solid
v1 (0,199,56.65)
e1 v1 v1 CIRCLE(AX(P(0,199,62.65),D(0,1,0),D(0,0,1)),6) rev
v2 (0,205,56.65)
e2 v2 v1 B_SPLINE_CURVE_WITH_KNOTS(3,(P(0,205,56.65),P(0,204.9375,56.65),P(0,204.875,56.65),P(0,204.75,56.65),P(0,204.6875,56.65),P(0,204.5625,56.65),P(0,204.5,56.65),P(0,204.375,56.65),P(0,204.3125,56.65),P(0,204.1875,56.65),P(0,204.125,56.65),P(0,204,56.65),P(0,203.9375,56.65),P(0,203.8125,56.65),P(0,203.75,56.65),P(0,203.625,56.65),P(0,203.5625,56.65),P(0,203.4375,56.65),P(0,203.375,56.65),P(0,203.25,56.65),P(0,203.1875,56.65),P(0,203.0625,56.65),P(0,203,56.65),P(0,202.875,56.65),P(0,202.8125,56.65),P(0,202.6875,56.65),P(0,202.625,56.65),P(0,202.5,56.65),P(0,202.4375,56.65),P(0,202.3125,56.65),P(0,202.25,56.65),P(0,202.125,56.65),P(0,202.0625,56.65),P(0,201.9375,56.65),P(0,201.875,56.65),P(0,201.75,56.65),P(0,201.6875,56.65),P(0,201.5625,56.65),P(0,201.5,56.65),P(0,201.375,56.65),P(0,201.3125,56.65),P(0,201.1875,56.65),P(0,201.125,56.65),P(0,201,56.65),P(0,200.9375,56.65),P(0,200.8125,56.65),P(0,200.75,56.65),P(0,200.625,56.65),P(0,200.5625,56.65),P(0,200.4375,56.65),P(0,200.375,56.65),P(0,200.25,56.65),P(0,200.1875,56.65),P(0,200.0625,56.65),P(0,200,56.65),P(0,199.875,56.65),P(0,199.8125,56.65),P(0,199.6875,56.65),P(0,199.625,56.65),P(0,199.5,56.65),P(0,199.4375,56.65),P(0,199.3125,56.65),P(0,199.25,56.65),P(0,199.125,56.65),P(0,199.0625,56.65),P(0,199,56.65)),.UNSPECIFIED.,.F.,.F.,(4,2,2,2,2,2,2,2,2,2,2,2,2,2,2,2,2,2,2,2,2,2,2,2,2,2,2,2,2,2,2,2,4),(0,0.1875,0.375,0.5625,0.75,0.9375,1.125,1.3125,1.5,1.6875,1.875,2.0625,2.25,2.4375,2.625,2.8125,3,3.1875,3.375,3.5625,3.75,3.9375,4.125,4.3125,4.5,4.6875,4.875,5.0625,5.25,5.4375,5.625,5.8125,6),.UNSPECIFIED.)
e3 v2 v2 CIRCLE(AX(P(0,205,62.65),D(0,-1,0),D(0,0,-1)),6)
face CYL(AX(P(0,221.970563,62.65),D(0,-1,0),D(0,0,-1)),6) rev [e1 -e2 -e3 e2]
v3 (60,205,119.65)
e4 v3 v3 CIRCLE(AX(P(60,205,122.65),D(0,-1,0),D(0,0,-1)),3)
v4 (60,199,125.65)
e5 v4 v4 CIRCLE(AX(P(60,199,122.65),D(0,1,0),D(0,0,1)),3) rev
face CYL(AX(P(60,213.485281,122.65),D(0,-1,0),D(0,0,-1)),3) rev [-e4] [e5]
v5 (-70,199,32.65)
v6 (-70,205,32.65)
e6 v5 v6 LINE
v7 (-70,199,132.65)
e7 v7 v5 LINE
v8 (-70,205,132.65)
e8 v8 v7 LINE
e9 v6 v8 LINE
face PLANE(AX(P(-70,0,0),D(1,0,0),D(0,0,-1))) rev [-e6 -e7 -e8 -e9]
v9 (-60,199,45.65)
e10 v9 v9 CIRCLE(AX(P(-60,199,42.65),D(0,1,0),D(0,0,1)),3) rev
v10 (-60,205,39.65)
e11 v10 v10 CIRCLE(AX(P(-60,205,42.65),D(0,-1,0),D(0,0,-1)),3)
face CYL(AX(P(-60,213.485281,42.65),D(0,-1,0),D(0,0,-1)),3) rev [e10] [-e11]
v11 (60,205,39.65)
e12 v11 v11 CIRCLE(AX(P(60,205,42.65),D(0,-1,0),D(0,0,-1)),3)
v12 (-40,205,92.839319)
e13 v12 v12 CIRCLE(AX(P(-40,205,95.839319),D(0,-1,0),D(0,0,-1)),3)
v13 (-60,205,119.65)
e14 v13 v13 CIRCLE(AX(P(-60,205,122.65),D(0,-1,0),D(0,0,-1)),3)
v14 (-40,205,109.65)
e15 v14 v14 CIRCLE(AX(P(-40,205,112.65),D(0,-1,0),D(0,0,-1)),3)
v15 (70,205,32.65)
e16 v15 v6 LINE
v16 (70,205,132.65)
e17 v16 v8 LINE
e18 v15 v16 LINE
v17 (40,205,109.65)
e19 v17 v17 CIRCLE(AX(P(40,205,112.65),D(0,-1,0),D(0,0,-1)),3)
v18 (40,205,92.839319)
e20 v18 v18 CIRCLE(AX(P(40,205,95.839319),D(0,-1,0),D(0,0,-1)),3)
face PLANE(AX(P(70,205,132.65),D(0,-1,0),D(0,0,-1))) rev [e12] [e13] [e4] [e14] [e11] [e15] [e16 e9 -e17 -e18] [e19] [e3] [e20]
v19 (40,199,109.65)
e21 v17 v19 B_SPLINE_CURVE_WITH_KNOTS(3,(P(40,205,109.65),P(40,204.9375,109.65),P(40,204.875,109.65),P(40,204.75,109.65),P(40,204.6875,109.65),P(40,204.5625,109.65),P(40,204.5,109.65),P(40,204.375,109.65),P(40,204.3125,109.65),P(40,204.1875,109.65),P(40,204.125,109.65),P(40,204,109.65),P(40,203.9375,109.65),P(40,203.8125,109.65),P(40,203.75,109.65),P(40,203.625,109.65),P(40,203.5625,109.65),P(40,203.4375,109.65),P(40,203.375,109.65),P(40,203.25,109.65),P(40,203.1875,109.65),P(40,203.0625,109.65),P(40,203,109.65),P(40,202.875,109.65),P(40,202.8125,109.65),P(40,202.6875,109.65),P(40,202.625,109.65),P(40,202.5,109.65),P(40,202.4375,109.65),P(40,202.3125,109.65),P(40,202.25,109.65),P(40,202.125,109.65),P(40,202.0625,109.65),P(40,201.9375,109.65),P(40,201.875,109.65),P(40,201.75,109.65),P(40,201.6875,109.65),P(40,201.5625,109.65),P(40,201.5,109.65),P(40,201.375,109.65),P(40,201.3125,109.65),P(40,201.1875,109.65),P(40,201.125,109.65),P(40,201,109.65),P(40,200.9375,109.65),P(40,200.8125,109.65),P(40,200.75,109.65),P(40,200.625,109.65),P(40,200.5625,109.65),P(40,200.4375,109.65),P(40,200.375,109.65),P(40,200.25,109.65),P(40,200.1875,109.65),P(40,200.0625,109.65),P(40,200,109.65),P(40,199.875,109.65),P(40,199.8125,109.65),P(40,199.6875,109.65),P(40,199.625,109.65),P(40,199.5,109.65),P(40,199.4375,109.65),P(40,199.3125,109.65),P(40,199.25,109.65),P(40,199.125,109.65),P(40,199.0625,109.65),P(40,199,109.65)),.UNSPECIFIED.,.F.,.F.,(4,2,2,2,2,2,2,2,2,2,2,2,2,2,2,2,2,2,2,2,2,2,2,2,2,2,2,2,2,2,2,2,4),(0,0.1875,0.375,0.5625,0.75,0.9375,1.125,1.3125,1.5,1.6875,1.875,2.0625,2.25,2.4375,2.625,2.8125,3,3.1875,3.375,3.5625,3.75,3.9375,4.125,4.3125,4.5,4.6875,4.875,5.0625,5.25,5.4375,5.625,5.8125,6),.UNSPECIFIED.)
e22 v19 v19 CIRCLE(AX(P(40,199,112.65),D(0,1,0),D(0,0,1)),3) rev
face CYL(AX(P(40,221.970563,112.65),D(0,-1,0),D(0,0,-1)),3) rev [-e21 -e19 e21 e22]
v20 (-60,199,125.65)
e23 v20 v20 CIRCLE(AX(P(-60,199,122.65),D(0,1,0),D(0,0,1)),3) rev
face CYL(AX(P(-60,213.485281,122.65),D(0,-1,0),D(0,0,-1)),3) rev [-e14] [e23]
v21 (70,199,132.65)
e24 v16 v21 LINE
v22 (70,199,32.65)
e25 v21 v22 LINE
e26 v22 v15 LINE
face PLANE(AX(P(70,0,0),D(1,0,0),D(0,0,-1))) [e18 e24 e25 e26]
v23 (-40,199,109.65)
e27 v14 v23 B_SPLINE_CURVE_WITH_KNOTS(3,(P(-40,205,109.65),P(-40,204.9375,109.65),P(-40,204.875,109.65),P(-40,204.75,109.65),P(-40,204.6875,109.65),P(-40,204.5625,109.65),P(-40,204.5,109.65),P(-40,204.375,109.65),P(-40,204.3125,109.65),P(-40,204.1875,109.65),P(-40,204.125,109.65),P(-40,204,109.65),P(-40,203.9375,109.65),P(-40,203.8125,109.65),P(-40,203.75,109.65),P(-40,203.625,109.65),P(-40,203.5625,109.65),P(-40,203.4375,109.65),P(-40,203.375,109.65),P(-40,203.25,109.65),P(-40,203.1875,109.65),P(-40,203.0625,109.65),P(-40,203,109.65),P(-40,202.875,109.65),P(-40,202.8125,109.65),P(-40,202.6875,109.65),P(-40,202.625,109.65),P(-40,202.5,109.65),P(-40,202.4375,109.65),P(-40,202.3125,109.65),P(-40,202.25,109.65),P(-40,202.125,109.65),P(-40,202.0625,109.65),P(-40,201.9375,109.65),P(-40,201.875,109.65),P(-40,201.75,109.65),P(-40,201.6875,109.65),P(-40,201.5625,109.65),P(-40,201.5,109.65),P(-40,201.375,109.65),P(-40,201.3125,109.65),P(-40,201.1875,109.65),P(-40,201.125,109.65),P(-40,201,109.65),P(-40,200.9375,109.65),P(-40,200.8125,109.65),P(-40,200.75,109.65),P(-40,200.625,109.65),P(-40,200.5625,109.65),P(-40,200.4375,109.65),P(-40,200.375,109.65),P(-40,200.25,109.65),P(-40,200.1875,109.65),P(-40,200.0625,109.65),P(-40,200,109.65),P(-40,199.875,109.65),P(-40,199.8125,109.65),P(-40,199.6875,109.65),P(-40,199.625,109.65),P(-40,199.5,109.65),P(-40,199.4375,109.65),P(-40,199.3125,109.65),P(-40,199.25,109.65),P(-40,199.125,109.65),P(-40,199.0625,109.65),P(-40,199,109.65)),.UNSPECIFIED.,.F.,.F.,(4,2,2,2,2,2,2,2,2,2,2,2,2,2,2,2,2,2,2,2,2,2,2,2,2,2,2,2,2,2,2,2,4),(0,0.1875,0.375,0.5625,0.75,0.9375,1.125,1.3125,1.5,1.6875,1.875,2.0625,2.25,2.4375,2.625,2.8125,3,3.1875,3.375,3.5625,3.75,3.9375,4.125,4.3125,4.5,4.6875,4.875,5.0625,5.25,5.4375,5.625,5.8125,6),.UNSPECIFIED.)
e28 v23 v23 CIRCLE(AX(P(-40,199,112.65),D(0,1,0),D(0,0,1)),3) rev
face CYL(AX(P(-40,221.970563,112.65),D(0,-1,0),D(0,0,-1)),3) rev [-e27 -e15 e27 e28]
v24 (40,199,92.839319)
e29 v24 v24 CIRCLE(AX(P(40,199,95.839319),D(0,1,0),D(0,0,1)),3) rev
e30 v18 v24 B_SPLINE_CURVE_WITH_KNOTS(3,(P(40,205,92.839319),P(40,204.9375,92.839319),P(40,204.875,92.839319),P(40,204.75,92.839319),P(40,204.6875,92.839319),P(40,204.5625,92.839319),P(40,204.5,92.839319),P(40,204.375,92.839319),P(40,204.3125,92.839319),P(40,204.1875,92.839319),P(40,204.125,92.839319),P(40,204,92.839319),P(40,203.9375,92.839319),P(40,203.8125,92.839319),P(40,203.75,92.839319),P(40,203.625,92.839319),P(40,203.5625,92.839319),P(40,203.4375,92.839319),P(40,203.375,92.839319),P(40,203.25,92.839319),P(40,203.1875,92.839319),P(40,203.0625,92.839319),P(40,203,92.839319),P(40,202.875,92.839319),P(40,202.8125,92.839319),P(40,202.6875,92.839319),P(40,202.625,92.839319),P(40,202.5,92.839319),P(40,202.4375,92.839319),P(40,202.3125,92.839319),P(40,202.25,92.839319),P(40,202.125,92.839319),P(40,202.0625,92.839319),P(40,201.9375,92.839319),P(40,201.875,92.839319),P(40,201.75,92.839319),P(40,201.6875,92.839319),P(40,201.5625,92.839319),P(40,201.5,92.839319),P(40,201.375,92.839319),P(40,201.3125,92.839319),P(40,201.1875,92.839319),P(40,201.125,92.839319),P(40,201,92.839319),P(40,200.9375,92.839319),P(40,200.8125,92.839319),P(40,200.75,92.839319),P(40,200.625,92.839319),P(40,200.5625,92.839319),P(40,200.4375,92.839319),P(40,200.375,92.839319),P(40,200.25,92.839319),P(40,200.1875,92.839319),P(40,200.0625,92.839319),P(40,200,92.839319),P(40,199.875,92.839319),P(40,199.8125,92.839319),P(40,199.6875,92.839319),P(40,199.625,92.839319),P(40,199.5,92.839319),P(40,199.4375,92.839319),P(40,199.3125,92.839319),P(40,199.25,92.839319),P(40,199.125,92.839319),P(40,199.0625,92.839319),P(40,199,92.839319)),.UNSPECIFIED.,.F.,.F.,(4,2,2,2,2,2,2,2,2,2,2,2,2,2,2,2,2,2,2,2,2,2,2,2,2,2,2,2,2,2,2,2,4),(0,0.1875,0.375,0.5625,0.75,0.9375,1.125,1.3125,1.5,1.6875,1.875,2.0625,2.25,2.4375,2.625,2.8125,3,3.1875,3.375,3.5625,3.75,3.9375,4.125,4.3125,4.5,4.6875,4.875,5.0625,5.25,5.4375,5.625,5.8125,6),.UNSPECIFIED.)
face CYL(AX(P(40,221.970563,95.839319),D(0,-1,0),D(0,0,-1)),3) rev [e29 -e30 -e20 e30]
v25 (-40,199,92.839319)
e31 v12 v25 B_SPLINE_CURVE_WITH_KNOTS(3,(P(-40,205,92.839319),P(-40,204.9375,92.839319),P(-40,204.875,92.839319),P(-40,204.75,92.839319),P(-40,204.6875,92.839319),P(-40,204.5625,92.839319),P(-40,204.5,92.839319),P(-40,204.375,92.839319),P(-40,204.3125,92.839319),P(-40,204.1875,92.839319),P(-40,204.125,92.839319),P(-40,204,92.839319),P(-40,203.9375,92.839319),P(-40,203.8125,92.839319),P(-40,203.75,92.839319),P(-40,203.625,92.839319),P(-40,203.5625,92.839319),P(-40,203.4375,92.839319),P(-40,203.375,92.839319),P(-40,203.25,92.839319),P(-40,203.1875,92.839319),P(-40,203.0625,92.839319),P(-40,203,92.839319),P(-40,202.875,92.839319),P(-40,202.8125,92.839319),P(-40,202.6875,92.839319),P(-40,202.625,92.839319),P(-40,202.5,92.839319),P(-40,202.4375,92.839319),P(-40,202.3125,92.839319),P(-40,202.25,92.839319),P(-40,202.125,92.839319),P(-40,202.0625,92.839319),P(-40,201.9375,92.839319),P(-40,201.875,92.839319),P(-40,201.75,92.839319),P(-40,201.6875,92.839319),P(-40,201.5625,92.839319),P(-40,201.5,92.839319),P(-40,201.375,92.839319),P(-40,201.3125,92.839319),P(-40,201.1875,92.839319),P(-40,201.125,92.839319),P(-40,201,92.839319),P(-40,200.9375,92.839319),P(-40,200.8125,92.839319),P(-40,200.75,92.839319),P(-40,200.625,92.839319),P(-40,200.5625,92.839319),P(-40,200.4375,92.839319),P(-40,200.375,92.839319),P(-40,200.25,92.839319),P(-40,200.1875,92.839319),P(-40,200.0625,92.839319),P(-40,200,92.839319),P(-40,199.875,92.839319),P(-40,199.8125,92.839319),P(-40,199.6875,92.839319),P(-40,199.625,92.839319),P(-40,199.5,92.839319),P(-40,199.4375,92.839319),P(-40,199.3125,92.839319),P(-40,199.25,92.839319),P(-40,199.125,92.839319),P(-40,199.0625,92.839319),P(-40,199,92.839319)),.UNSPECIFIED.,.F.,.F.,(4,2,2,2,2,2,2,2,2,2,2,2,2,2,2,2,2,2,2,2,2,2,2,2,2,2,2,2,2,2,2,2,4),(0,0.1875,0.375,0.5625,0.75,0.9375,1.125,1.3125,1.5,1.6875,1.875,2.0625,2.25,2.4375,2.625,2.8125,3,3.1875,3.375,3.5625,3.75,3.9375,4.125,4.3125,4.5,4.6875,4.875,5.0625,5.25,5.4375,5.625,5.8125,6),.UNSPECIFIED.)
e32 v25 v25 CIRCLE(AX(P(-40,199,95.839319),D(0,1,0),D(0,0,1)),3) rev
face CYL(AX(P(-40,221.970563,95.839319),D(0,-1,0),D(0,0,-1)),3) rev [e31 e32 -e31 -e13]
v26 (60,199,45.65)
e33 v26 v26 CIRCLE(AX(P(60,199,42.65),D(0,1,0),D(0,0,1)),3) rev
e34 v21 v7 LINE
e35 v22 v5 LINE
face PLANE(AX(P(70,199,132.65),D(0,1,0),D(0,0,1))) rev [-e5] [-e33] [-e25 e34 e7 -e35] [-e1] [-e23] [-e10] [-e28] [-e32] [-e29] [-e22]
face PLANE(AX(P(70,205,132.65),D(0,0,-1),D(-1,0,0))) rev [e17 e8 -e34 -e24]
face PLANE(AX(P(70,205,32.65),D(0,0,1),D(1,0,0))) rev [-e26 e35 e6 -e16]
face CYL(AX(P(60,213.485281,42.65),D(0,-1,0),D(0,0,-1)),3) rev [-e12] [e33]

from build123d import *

# Parameters (mm, degrees)
SKIZZE3_W                            = 100
SKIZZE3_H                            = 6
AUFSATZ_LINEAR_AUSTRAGEN2_DEPTH      = 70
AUFSATZ_LINEAR_AUSTRAGEN2_DEPTH_BACK = 70
HOLES_R                              = 6
HOLES_R_2                            = 3
SCHNITT_LINEAR_AUSTRAGEN2_DEPTH      = 205
SKIZZE6_R                            = 3
SCHNITT_LINEAR_AUSTRAGEN3_DEPTH      = 205


with BuildPart() as part:
    # Skizze3 → Aufsatz-Linear austragen2 (new, two sides)
    with BuildSketch(Plane(origin=(0, 0, 0), x_dir=(0, 0, -1), z_dir=(1, 0, 0))) as aufsatz_linear_austragen2_sk:
        with Locations((-82.65, 202)):
            Rectangle(SKIZZE3_W, SKIZZE3_H)
    extrude(amount=AUFSATZ_LINEAR_AUSTRAGEN2_DEPTH)
    extrude(aufsatz_linear_austragen2_sk.sketch, amount=-AUFSATZ_LINEAR_AUSTRAGEN2_DEPTH_BACK)

    # Holes → Schnitt-Linear austragen2 (cut)
    with BuildSketch(Plane(origin=(0, 0, 0), x_dir=(1, 0, 0), z_dir=(0, 1, 0))):
        with Locations(Location((0, -62.65, 0), (0, 0, 90))):
            Circle(HOLES_R)
        with Locations(Location((-40, -112.65, 0), (0, 0, 90))):
            Circle(HOLES_R_2)
        with Locations(Location((-40, -95.839319437, 0), (0, 0, 90))):
            Circle(HOLES_R_2)
        with Locations(Location((40, -95.839319437, 0), (0, 0, 90))):
            Circle(HOLES_R_2)
        with Locations(Location((40, -112.65, 0), (0, 0, 90))):
            Circle(HOLES_R_2)
    extrude(amount=SCHNITT_LINEAR_AUSTRAGEN2_DEPTH, mode=Mode.SUBTRACT)

    # Skizze6 → Schnitt-Linear austragen3 (cut)
    with BuildSketch(Plane(origin=(0, 0, 0), x_dir=(1, 0, 0), z_dir=(0, 1, 0))):
        with Locations(Location((-60, -42.65, 0), (0, 0, 90))):
            Circle(SKIZZE6_R)
        with Locations(Location((60, -42.65, 0), (0, 0, 90))):
            Circle(SKIZZE6_R)
        with Locations(Location((60, -122.65, 0), (0, 0, 90))):
            Circle(SKIZZE6_R)
        with Locations(Location((-60, -122.65, 0), (0, 0, 90))):
            Circle(SKIZZE6_R)
    extrude(amount=SCHNITT_LINEAR_AUSTRAGEN3_DEPTH, mode=Mode.SUBTRACT)


solid = part.part
